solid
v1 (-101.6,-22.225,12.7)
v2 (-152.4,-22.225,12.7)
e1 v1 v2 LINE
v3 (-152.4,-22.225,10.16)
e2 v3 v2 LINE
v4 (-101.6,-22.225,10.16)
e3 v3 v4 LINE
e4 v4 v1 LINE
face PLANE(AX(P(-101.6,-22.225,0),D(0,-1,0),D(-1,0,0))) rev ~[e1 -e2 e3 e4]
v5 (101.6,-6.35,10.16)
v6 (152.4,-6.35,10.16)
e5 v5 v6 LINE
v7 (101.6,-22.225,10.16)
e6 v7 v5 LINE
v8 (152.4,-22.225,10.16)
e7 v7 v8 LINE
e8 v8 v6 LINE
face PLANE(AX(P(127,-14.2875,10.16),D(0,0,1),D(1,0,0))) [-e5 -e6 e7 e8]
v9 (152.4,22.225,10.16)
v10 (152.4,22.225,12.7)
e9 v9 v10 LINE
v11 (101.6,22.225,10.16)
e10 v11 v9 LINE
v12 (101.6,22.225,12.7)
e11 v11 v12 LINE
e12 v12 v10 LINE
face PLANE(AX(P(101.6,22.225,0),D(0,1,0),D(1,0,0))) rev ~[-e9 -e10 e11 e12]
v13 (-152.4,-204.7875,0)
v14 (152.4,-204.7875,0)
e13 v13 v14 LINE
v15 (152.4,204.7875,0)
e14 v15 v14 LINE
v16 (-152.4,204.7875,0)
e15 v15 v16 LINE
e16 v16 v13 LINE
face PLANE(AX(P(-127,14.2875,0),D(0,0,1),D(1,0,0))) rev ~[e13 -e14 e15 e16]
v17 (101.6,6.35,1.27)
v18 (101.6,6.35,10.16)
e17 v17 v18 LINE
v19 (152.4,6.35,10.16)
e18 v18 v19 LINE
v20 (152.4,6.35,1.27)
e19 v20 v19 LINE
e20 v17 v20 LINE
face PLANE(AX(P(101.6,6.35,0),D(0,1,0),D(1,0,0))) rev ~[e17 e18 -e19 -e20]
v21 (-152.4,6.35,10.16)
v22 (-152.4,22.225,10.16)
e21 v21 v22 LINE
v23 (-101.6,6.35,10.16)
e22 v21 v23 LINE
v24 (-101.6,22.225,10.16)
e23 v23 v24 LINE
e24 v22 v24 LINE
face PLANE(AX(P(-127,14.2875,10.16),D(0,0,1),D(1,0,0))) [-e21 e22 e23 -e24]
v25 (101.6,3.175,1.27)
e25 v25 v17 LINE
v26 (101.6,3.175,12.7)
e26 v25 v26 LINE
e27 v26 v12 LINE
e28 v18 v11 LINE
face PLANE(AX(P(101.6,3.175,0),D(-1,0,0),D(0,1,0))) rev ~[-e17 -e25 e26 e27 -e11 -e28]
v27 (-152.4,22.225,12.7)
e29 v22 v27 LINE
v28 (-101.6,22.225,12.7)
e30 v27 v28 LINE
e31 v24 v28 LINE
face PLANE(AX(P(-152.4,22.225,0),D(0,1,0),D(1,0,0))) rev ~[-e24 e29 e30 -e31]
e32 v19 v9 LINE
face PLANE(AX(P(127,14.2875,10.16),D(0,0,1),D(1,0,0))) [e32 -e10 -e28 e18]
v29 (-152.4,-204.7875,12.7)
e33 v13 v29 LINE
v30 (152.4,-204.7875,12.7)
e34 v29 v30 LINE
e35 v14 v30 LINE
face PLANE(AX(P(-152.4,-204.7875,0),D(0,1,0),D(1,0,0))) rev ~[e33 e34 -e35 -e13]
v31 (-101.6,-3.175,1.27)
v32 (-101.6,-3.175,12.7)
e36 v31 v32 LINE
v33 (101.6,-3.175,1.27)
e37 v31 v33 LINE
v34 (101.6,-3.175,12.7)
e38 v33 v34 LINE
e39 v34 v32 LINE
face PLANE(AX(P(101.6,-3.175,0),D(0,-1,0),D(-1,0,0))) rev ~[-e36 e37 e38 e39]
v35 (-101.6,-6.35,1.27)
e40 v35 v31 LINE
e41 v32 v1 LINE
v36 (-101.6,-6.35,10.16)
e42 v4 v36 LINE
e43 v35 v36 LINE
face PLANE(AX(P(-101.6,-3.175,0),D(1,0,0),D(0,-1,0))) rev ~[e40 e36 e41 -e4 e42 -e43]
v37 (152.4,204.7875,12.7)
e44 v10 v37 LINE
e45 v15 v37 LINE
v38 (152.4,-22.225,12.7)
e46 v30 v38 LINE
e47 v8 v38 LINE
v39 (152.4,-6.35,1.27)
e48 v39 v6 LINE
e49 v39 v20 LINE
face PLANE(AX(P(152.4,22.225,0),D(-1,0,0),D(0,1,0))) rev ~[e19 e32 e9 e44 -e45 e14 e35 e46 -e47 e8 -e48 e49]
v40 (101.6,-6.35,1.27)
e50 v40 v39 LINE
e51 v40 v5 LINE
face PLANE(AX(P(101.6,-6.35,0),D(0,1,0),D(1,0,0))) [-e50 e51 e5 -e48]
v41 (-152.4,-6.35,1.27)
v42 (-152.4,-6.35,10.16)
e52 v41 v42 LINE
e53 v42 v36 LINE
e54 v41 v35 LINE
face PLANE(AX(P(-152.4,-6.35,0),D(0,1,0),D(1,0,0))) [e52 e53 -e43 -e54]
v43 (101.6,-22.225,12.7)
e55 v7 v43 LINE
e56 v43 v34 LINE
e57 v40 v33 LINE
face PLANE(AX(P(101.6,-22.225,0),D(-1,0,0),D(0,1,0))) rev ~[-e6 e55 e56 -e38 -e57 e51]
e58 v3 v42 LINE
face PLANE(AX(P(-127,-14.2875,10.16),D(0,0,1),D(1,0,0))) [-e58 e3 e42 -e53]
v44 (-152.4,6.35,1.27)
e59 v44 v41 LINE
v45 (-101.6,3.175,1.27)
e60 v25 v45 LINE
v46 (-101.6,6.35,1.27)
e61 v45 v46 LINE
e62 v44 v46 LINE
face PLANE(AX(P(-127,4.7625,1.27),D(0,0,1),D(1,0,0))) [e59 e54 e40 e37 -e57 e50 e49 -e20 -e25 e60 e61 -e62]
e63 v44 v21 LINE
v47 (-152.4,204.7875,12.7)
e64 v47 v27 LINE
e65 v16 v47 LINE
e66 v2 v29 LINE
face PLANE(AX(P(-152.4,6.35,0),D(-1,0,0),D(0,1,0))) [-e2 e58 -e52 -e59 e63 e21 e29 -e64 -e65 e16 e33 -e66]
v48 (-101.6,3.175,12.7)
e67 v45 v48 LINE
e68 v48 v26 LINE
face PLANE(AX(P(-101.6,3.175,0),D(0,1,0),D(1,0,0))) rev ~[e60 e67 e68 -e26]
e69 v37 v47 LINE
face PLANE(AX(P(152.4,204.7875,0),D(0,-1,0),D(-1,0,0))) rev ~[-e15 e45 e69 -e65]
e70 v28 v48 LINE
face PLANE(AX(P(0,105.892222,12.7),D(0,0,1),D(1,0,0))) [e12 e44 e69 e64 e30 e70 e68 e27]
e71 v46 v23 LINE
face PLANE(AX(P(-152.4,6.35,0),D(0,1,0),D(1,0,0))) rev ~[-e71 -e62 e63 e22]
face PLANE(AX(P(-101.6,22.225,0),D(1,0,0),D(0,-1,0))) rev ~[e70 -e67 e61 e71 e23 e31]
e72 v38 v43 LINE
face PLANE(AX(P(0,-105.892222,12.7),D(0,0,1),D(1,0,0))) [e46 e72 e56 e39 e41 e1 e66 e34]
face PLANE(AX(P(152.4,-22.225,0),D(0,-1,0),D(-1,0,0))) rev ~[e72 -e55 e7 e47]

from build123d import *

# Parameters (mm, degrees)
F0_W     = 50.8
F0_H     = 3.175
F1_DEPTH = 1.27
F2_DEPTH = 12.7
F0_H_2   = 15.875
F3_DEPTH = 10.16


with BuildPart() as f1:
    # F0 (on Top) → F1 (new body)
    with BuildSketch(Plane.XY):
        with Locations((-127, 4.7625)):
            Rectangle(F0_W, F0_H)
        Polygon((101.6, -3.175), (152.4, -3.175), (152.4, 3.175), (101.6, 3.175), (-101.6, 3.175), (-152.4, 3.175), (-152.4, 0), (-152.4, -3.175), (-101.6, -3.175), align=None)
        with Locations((-127, -4.7625)):
            Rectangle(F0_W, F0_H)
        with Locations((127, -4.7625)):
            Rectangle(F0_W, F0_H)
        with Locations((127, 4.7625)):
            Rectangle(F0_W, F0_H)
    extrude(amount=F1_DEPTH)

    # F0 (on Top) → F2 (join)
    with BuildSketch(Plane.XY):
        Polygon((-101.6, 3.175), (101.6, 3.175), (101.6, 6.35), (101.6, 22.225), (152.4, 22.225), (152.4, 204.7875), (-152.4, 204.7875), (-152.4, 22.225), (-101.6, 22.225), (-101.6, 6.35), align=None)
        Polygon((-152.4, -204.7875), (152.4, -204.7875), (152.4, -22.225), (101.6, -22.225), (101.6, -6.35), (101.6, -3.175), (-101.6, -3.175), (-101.6, -6.35), (-101.6, -22.225), (-152.4, -22.225), align=None)
    extrude(amount=F2_DEPTH)

    # F0 (on Top) → F3 (join)
    with BuildSketch(Plane.XY):
        with Locations((-127, 14.2875)):
            Rectangle(F0_W, F0_H_2)
        with Locations((-127, -14.2875)):
            Rectangle(F0_W, F0_H_2)
        with Locations((127, -14.2875)):
            Rectangle(F0_W, F0_H_2)
        with Locations((127, 14.2875)):
            Rectangle(F0_W, F0_H_2)
    extrude(amount=F3_DEPTH)


solid = f1.part
